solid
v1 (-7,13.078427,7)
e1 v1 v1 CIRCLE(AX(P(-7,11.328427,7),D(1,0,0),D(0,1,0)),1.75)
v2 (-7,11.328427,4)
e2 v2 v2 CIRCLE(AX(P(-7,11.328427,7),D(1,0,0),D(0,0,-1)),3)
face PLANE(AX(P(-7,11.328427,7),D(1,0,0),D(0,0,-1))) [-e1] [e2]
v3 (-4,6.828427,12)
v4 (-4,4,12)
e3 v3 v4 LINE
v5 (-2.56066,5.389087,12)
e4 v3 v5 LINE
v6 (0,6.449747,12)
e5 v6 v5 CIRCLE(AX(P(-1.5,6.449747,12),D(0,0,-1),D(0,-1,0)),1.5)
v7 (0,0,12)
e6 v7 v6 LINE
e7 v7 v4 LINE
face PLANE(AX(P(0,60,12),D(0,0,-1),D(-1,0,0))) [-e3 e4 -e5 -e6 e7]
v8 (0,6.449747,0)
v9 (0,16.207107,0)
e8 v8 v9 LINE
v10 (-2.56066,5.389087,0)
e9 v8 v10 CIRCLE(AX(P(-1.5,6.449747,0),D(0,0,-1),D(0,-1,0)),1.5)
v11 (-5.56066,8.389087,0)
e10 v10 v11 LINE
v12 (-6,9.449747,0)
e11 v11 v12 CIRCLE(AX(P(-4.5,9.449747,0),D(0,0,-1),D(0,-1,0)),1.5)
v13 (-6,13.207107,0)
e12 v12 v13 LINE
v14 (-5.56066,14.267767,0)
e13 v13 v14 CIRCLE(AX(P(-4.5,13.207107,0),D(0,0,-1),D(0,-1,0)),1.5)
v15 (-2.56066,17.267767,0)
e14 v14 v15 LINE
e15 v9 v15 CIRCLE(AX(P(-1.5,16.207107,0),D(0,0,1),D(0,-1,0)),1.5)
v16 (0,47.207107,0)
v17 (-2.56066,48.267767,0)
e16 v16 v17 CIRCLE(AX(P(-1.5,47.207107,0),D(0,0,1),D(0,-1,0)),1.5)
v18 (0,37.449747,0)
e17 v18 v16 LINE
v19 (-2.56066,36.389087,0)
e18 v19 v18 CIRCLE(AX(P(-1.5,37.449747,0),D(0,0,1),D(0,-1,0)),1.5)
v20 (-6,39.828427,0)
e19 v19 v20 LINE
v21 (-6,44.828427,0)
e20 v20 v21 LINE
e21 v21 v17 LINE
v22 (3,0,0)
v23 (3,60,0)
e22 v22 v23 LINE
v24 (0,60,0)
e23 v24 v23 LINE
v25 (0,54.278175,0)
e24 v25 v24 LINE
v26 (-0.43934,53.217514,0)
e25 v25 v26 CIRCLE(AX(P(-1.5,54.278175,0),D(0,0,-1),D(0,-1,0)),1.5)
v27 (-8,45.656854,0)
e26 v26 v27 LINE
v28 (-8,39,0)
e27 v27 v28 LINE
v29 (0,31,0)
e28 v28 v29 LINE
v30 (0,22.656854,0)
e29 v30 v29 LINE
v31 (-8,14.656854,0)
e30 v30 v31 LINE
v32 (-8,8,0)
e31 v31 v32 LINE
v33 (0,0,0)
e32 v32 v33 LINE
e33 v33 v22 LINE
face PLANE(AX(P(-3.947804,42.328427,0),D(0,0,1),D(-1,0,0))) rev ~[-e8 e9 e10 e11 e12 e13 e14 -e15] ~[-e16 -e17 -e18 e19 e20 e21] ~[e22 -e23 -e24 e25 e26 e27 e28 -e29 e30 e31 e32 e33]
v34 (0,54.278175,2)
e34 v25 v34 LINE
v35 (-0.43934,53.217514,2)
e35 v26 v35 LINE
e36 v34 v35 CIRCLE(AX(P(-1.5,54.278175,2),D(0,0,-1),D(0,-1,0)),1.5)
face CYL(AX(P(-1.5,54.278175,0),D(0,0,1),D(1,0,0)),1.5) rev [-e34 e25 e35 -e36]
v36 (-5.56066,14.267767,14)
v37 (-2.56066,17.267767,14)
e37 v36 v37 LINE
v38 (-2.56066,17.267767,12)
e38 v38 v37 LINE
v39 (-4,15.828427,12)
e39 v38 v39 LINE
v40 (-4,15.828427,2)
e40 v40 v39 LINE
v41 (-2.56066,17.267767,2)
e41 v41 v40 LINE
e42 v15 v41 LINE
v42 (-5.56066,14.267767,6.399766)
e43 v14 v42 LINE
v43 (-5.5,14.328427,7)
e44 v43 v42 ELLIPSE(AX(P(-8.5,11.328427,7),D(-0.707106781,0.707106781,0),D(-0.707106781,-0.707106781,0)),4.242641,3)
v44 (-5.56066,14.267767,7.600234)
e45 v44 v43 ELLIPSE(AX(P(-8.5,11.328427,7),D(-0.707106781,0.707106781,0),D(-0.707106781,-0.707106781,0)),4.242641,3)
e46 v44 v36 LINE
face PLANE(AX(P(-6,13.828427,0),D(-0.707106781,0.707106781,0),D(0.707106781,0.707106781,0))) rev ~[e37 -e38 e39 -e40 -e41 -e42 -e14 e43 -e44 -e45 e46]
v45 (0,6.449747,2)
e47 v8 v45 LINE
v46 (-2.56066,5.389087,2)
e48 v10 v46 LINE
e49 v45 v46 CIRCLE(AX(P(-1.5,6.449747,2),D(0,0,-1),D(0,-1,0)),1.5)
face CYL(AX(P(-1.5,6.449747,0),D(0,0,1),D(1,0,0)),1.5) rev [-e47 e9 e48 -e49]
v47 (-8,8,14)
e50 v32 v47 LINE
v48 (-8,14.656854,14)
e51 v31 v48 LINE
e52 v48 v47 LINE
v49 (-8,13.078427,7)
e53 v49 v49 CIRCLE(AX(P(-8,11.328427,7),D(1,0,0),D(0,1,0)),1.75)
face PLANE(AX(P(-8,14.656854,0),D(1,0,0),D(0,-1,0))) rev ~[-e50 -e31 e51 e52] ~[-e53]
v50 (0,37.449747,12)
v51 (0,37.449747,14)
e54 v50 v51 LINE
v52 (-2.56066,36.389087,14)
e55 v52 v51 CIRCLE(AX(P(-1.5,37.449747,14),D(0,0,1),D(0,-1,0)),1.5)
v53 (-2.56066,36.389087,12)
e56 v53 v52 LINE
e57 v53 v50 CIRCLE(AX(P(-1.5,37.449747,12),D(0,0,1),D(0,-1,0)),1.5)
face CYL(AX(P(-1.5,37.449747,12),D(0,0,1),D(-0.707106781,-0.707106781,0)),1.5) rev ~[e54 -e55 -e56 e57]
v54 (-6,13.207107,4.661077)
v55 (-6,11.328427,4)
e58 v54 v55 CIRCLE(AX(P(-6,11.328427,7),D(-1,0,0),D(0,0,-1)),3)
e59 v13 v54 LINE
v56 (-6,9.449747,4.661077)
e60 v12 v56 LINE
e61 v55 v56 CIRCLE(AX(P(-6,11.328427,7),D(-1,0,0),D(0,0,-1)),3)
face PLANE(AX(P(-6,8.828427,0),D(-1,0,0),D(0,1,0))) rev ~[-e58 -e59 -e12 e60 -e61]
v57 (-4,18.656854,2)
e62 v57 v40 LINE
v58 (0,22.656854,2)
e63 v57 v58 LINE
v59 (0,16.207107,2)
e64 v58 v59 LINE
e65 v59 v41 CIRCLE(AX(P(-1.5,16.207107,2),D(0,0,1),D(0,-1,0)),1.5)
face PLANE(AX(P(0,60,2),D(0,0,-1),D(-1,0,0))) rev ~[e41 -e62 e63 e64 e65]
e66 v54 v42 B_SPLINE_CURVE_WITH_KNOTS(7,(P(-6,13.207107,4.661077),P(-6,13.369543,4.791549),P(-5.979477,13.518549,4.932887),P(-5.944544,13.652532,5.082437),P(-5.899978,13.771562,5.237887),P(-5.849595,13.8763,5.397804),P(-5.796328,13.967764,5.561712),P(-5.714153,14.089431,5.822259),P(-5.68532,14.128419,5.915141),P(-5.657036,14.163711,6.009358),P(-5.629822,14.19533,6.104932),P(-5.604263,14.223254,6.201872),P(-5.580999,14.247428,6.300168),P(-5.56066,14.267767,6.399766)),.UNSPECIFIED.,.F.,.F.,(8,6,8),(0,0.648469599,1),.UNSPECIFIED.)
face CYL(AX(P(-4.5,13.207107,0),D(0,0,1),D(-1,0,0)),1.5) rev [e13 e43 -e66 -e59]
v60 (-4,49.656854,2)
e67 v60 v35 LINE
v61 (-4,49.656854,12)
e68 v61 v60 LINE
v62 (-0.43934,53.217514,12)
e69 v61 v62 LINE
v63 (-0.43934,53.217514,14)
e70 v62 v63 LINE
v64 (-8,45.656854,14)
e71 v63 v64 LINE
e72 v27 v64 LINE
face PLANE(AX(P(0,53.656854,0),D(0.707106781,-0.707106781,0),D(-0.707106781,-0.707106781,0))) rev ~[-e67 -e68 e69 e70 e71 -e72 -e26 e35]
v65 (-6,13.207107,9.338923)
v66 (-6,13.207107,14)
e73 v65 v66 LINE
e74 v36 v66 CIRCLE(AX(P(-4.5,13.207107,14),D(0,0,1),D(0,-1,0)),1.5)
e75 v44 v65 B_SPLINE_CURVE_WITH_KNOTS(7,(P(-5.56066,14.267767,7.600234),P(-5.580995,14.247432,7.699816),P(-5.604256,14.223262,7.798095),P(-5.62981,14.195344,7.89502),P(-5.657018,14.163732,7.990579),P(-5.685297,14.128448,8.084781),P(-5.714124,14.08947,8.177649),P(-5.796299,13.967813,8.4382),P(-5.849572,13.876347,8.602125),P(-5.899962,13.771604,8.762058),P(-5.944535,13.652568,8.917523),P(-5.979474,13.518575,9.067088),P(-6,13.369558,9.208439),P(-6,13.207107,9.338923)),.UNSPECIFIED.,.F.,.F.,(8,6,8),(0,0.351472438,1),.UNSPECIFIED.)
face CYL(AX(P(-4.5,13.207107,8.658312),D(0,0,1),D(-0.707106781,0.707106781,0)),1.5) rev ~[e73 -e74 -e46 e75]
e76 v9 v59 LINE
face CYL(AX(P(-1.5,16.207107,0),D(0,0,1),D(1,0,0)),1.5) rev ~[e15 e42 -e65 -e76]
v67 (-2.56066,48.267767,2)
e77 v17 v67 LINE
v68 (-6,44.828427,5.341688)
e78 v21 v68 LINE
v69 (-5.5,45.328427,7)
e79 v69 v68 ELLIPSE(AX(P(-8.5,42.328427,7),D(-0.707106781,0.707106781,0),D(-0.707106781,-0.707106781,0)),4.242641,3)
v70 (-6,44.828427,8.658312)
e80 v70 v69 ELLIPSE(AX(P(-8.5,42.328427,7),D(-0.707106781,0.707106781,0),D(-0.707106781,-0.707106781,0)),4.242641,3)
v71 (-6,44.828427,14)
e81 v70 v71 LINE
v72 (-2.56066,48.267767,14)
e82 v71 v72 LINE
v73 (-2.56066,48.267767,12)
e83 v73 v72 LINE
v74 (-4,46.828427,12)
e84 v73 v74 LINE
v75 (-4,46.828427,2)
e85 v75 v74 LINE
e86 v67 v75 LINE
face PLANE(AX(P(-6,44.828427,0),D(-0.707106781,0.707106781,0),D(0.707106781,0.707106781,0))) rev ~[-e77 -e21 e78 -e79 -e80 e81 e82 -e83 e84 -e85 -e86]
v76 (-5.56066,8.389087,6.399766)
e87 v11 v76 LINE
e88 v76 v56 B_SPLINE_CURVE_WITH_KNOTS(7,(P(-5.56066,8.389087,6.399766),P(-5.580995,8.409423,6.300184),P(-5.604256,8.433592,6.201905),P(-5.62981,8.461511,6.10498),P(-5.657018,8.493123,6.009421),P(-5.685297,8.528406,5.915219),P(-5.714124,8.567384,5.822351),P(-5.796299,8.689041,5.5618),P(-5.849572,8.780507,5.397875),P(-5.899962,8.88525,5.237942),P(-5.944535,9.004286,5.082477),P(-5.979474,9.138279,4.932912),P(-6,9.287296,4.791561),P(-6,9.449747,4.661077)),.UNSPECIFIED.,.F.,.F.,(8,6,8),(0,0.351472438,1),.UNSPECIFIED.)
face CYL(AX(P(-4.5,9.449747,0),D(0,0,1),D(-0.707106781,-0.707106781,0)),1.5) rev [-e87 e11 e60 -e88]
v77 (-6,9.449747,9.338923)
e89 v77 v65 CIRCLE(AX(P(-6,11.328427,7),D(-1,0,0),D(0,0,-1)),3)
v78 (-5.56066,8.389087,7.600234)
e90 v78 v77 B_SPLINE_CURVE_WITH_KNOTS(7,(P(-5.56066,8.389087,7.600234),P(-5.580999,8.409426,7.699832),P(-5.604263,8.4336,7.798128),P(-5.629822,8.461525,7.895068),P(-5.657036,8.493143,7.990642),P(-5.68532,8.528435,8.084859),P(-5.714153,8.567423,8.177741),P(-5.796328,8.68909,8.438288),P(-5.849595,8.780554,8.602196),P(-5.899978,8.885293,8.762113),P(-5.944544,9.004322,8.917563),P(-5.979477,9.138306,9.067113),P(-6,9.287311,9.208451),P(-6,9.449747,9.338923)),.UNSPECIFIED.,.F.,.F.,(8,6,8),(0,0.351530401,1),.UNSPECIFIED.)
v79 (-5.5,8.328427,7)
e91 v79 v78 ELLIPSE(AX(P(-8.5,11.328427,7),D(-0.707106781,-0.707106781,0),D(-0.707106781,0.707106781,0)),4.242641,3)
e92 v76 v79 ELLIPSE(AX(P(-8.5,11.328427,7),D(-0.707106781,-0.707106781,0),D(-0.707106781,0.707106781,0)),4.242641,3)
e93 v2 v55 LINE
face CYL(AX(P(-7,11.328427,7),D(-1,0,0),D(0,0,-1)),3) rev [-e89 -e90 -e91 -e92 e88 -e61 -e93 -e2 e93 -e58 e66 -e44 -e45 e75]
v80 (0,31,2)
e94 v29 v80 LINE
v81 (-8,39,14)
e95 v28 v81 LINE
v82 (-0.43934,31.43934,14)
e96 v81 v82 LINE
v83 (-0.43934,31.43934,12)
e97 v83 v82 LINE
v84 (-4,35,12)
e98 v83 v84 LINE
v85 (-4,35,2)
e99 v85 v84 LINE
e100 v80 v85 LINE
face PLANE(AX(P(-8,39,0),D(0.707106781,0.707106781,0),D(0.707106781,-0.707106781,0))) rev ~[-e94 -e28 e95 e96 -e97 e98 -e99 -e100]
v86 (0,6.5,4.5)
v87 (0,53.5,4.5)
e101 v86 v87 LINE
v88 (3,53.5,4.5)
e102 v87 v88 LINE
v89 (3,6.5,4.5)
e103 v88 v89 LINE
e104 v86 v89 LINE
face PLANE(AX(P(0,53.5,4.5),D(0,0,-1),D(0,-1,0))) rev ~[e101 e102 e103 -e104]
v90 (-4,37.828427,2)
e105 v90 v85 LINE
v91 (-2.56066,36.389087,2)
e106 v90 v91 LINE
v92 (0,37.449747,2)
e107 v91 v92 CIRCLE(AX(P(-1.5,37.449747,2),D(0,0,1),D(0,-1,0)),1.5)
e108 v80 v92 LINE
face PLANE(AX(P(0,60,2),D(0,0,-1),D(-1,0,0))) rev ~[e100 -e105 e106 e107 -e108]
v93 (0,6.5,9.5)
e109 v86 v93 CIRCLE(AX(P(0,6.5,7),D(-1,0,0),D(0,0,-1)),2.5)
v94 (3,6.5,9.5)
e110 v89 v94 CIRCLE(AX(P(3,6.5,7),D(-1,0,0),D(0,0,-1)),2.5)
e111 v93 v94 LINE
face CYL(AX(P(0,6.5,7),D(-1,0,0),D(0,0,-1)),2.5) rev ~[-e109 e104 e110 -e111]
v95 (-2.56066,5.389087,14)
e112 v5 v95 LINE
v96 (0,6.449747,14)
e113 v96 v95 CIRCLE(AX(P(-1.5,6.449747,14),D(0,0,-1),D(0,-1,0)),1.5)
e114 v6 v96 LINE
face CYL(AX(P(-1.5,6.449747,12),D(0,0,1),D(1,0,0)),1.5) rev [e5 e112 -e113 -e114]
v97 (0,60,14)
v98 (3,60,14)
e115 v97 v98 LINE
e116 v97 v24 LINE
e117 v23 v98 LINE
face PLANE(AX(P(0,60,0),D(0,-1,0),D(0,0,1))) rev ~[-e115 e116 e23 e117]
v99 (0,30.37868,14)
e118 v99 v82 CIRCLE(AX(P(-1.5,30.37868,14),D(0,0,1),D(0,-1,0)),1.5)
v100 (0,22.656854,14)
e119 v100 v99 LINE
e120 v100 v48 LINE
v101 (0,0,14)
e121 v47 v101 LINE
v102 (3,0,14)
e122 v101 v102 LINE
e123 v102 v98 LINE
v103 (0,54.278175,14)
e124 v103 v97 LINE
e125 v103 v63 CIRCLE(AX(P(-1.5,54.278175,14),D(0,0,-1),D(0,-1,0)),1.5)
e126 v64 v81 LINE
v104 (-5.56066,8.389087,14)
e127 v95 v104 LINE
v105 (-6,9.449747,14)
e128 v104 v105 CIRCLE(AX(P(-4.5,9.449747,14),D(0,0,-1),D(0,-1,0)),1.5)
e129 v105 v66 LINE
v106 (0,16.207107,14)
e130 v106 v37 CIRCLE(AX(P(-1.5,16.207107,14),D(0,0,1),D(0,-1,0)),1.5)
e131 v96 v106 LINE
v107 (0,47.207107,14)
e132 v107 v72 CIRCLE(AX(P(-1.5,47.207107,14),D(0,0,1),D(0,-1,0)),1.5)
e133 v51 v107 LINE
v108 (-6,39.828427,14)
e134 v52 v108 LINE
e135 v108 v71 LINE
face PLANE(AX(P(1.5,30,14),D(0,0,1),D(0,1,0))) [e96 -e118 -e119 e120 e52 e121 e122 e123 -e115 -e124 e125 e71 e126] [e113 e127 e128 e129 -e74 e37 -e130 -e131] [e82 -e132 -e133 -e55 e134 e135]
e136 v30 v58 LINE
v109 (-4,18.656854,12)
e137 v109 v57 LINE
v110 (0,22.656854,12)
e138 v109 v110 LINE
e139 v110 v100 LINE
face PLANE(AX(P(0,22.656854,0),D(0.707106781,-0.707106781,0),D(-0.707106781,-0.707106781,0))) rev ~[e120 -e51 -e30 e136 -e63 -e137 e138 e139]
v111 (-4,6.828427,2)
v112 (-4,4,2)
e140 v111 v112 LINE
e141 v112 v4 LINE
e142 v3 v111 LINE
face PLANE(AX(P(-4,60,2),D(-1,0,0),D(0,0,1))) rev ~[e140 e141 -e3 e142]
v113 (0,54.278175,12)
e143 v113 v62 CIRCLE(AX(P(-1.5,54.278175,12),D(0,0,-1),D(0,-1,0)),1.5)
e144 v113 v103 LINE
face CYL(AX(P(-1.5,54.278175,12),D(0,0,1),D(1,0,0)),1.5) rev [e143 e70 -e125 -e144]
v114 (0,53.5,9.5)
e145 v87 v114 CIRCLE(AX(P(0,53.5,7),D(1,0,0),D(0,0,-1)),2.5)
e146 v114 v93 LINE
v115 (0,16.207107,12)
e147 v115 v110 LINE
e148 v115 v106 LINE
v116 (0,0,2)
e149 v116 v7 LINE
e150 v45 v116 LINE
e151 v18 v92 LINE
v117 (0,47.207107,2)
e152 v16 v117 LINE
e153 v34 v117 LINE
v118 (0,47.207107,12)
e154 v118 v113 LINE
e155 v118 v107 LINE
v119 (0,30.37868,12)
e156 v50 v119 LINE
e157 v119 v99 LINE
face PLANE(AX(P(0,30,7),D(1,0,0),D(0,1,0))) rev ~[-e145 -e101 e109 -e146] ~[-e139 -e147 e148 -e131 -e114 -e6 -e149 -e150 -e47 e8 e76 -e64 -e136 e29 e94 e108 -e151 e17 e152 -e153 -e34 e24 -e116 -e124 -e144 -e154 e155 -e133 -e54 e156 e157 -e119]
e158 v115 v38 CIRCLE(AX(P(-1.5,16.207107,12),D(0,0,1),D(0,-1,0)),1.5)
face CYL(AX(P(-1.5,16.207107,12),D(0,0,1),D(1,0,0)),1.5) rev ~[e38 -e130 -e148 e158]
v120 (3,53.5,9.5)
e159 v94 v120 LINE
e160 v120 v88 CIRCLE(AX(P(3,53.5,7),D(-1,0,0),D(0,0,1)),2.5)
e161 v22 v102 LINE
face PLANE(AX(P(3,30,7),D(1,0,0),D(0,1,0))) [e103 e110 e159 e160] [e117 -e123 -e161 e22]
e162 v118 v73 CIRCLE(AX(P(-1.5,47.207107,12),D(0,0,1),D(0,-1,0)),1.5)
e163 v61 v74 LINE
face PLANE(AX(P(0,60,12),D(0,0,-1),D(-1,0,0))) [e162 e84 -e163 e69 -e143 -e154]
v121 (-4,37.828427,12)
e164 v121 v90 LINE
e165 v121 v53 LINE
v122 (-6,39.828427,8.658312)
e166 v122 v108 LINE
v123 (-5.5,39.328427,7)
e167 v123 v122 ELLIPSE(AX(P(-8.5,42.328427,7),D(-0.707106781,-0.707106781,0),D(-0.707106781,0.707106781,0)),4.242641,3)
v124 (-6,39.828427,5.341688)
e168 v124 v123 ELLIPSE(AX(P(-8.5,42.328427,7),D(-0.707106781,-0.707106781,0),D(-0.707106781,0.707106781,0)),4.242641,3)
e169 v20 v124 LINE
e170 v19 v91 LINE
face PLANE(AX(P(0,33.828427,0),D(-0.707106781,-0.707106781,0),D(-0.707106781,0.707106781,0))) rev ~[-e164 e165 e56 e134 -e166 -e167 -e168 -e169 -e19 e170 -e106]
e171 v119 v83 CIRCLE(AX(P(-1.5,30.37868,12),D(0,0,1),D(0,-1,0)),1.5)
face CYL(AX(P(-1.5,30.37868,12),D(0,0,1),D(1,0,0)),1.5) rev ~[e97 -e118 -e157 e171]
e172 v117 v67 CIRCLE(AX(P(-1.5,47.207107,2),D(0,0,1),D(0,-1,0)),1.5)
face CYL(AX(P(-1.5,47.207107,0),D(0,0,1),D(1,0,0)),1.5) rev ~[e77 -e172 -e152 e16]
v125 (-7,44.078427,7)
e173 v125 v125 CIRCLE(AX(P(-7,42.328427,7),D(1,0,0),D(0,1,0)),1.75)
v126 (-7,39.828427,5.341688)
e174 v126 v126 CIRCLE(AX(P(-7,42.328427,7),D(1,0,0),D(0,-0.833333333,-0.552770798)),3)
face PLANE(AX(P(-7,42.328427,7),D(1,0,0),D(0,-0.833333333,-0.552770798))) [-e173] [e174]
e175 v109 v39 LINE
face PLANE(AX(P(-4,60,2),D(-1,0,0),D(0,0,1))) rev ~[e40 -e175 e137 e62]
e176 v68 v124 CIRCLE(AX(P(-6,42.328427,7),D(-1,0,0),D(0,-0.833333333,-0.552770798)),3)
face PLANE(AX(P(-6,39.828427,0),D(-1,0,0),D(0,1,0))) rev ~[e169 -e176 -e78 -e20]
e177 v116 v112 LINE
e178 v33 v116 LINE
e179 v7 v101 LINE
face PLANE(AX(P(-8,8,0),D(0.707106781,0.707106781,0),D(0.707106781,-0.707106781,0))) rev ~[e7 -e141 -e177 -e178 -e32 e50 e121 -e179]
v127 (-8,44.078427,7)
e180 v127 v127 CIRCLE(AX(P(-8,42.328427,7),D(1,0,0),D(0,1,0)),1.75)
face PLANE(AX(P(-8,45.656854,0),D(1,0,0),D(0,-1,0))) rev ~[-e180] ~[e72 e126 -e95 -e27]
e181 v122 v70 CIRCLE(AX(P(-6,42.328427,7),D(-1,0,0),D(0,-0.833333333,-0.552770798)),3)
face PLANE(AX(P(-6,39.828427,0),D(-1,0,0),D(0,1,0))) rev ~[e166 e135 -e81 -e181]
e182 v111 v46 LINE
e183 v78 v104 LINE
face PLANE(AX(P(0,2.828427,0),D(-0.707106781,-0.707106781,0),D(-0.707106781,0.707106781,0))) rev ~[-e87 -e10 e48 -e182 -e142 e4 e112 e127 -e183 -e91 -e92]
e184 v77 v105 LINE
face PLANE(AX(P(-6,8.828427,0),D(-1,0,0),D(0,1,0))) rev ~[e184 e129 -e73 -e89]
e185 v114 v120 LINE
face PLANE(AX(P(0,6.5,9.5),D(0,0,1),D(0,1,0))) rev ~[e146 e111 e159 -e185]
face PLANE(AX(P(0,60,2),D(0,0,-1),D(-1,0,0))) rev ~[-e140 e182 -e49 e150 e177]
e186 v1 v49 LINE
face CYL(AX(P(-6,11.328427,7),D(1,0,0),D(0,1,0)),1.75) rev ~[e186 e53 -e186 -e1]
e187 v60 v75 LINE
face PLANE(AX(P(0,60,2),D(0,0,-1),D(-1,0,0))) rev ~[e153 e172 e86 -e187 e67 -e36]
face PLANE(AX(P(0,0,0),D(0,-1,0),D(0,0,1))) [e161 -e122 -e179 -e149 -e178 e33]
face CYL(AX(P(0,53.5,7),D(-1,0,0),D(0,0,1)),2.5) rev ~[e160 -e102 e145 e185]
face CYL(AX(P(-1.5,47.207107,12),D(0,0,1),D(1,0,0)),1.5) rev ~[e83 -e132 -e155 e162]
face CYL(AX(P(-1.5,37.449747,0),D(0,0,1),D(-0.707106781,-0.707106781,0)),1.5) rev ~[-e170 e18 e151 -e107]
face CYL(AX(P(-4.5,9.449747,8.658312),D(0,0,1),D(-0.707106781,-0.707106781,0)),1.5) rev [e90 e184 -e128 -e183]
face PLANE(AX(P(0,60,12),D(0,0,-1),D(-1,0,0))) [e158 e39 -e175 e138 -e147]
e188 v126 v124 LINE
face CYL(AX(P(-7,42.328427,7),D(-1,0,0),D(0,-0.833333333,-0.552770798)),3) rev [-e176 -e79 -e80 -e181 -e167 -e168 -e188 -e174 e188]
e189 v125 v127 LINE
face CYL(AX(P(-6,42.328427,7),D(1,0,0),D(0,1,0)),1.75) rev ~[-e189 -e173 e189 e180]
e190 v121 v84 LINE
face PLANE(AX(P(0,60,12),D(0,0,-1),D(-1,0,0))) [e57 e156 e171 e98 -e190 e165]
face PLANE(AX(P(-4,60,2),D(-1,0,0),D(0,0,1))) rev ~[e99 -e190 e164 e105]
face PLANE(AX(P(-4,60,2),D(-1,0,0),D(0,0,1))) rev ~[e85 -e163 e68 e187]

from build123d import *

# Parameters (mm, degrees)
SKETCH4_W           = 60
SKETCH4_H           = 14
BOSS_EXTRUDE2_DEPTH = 3
BOSS_EXTRUDE3_REACH = 63.685
SKETCH7_W           = 4
SKETCH7_H           = 10
CUT_EXTRUDE2_DEPTH  = 63.128898268
SKETCH8_R           = 1.75
CUT_EXTRUDE3_DEPTH  = 63.265560304
CUT_EXTRUDE4_START  = -1
SKETCH9_R           = 3
CUT_EXTRUDE4_DEPTH  = 1.5
FILLET1_R           = 1.5


with BuildPart() as part:
    # Sketch4 → Boss-Extrude2 (new body)
    with BuildSketch(Plane.YZ):
        with Locations((30, 7)):
            Rectangle(SKETCH4_W, SKETCH4_H)
        with BuildLine():
            Line((6.5, 9.5), (53.5, 9.5))
            ThreePointArc((53.5, 9.5), (56, 7), (53.5, 4.5))
            Line((53.5, 4.5), (6.5, 4.5))
            ThreePointArc((6.5, 4.5), (4, 7), (6.5, 9.5))
        make_face(mode=Mode.SUBTRACT)
    extrude(amount=BOSS_EXTRUDE2_DEPTH)

    # Boss-Extrude3: up to this face of the body (flat: up to its plane)
    boss_extrude3_end = Plane(part.part.faces().sort_by_distance((1.5, 30, 14))[0])
    # Sketch6 → Boss-Extrude3 (add, up to the picked face)
    with BuildSketch(Plane(origin=(0, 0, 0), x_dir=(1, 0, 0), z_dir=(0, 0, -1)), mode=Mode.PRIVATE) as boss_extrude3_sk1:
        Polygon((0, -2.828427125), (-6, -8.828427125), (-6, -13.828427125), (0, -19.828427125), (0, -22.656854249), (-8, -14.656854249), (-8, -8), (0, 0), align=None)
    boss_extrude3_tool1 = split(extrude(boss_extrude3_sk1.sketch, amount=-BOSS_EXTRUDE3_REACH, mode=Mode.PRIVATE), bisect_by=boss_extrude3_end, keep=Keep.BOTH, mode=Mode.PRIVATE)
    # Sketch6 → Boss-Extrude3 (add, up to the picked face)
    with BuildSketch(Plane(origin=(0, 0, 0), x_dir=(1, 0, 0), z_dir=(0, 0, -1)), mode=Mode.PRIVATE) as boss_extrude3_sk2:
        Polygon((0, -33.828427125), (-6, -39.828427125), (-6, -44.828427125), (0, -50.828427125), (0, -53.656854249), (-8, -45.656854249), (-8, -39), (0, -31), align=None)
    boss_extrude3_tool2 = split(extrude(boss_extrude3_sk2.sketch, amount=-BOSS_EXTRUDE3_REACH, mode=Mode.PRIVATE), bisect_by=boss_extrude3_end, keep=Keep.BOTH, mode=Mode.PRIVATE)
    add(boss_extrude3_tool1.solids().sort_by(Axis((-3.169902, 5.658525, 0), (0, 0, 1)))[0])
    add(boss_extrude3_tool2.solids().sort_by(Axis((-3.169902, 36.658525, 0), (0, 0, 1)))[0])

    # Sketch7 → Cut-Extrude2 (cut, through all)
    with BuildSketch(Plane(origin=(0, 60, 0), x_dir=(-1, 0, 0), z_dir=(0, 1, 0))):
        with Locations((2, 7)):
            Rectangle(SKETCH7_W, SKETCH7_H)
    extrude(amount=-CUT_EXTRUDE2_DEPTH, mode=Mode.SUBTRACT)

    # Sketch8 → Cut-Extrude3 (cut, through all)
    with BuildSketch(Plane.YZ.offset(-6)):
        with Locations((42.328427125, 7)):
            Circle(SKETCH8_R)
        with Locations((11.328427125, 7)):
            Circle(SKETCH8_R)
    extrude(amount=-CUT_EXTRUDE3_DEPTH, mode=Mode.SUBTRACT)

    # Sketch9 → Cut-Extrude4 (cut)
    with BuildSketch(Plane.YZ.offset(-6).offset(CUT_EXTRUDE4_START)):
        with Locations(Location((11.328427125, 7, 0), (0, 0, 270))):
            Circle(SKETCH9_R)
        with Locations(Location((42.328427125, 7, 0), (0, 0, 213.557309762))):
            Circle(SKETCH9_R)
    extrude(amount=CUT_EXTRUDE4_DEPTH, mode=Mode.SUBTRACT)

    # Fillet1
    fillet1_edges = [part.edges().sort_by_distance(p)[0] for p in [
        (0, 53.656854249, 1),
        (0, 53.656854249, 13),
        (0, 33.828427125, 13),
        (0, 50.828427125, 13),
        (0, 31, 13),
        (0, 50.828427125, 1),
        (0, 33.828427125, 1),
        (0, 2.828427125, 13),
        (0, 19.828427125, 13),
        (0, 19.828427125, 1),
        (0, 2.828427125, 1),
        (-6, 13.828427125, 11.329156198),
        (-6, 8.828427125, 11.329156198),
        (-6, 8.828427125, 2.670843802),
        (-6, 13.828427125, 2.670843802),
    ]]
    fillet(fillet1_edges, radius=FILLET1_R)


solid = part.part
